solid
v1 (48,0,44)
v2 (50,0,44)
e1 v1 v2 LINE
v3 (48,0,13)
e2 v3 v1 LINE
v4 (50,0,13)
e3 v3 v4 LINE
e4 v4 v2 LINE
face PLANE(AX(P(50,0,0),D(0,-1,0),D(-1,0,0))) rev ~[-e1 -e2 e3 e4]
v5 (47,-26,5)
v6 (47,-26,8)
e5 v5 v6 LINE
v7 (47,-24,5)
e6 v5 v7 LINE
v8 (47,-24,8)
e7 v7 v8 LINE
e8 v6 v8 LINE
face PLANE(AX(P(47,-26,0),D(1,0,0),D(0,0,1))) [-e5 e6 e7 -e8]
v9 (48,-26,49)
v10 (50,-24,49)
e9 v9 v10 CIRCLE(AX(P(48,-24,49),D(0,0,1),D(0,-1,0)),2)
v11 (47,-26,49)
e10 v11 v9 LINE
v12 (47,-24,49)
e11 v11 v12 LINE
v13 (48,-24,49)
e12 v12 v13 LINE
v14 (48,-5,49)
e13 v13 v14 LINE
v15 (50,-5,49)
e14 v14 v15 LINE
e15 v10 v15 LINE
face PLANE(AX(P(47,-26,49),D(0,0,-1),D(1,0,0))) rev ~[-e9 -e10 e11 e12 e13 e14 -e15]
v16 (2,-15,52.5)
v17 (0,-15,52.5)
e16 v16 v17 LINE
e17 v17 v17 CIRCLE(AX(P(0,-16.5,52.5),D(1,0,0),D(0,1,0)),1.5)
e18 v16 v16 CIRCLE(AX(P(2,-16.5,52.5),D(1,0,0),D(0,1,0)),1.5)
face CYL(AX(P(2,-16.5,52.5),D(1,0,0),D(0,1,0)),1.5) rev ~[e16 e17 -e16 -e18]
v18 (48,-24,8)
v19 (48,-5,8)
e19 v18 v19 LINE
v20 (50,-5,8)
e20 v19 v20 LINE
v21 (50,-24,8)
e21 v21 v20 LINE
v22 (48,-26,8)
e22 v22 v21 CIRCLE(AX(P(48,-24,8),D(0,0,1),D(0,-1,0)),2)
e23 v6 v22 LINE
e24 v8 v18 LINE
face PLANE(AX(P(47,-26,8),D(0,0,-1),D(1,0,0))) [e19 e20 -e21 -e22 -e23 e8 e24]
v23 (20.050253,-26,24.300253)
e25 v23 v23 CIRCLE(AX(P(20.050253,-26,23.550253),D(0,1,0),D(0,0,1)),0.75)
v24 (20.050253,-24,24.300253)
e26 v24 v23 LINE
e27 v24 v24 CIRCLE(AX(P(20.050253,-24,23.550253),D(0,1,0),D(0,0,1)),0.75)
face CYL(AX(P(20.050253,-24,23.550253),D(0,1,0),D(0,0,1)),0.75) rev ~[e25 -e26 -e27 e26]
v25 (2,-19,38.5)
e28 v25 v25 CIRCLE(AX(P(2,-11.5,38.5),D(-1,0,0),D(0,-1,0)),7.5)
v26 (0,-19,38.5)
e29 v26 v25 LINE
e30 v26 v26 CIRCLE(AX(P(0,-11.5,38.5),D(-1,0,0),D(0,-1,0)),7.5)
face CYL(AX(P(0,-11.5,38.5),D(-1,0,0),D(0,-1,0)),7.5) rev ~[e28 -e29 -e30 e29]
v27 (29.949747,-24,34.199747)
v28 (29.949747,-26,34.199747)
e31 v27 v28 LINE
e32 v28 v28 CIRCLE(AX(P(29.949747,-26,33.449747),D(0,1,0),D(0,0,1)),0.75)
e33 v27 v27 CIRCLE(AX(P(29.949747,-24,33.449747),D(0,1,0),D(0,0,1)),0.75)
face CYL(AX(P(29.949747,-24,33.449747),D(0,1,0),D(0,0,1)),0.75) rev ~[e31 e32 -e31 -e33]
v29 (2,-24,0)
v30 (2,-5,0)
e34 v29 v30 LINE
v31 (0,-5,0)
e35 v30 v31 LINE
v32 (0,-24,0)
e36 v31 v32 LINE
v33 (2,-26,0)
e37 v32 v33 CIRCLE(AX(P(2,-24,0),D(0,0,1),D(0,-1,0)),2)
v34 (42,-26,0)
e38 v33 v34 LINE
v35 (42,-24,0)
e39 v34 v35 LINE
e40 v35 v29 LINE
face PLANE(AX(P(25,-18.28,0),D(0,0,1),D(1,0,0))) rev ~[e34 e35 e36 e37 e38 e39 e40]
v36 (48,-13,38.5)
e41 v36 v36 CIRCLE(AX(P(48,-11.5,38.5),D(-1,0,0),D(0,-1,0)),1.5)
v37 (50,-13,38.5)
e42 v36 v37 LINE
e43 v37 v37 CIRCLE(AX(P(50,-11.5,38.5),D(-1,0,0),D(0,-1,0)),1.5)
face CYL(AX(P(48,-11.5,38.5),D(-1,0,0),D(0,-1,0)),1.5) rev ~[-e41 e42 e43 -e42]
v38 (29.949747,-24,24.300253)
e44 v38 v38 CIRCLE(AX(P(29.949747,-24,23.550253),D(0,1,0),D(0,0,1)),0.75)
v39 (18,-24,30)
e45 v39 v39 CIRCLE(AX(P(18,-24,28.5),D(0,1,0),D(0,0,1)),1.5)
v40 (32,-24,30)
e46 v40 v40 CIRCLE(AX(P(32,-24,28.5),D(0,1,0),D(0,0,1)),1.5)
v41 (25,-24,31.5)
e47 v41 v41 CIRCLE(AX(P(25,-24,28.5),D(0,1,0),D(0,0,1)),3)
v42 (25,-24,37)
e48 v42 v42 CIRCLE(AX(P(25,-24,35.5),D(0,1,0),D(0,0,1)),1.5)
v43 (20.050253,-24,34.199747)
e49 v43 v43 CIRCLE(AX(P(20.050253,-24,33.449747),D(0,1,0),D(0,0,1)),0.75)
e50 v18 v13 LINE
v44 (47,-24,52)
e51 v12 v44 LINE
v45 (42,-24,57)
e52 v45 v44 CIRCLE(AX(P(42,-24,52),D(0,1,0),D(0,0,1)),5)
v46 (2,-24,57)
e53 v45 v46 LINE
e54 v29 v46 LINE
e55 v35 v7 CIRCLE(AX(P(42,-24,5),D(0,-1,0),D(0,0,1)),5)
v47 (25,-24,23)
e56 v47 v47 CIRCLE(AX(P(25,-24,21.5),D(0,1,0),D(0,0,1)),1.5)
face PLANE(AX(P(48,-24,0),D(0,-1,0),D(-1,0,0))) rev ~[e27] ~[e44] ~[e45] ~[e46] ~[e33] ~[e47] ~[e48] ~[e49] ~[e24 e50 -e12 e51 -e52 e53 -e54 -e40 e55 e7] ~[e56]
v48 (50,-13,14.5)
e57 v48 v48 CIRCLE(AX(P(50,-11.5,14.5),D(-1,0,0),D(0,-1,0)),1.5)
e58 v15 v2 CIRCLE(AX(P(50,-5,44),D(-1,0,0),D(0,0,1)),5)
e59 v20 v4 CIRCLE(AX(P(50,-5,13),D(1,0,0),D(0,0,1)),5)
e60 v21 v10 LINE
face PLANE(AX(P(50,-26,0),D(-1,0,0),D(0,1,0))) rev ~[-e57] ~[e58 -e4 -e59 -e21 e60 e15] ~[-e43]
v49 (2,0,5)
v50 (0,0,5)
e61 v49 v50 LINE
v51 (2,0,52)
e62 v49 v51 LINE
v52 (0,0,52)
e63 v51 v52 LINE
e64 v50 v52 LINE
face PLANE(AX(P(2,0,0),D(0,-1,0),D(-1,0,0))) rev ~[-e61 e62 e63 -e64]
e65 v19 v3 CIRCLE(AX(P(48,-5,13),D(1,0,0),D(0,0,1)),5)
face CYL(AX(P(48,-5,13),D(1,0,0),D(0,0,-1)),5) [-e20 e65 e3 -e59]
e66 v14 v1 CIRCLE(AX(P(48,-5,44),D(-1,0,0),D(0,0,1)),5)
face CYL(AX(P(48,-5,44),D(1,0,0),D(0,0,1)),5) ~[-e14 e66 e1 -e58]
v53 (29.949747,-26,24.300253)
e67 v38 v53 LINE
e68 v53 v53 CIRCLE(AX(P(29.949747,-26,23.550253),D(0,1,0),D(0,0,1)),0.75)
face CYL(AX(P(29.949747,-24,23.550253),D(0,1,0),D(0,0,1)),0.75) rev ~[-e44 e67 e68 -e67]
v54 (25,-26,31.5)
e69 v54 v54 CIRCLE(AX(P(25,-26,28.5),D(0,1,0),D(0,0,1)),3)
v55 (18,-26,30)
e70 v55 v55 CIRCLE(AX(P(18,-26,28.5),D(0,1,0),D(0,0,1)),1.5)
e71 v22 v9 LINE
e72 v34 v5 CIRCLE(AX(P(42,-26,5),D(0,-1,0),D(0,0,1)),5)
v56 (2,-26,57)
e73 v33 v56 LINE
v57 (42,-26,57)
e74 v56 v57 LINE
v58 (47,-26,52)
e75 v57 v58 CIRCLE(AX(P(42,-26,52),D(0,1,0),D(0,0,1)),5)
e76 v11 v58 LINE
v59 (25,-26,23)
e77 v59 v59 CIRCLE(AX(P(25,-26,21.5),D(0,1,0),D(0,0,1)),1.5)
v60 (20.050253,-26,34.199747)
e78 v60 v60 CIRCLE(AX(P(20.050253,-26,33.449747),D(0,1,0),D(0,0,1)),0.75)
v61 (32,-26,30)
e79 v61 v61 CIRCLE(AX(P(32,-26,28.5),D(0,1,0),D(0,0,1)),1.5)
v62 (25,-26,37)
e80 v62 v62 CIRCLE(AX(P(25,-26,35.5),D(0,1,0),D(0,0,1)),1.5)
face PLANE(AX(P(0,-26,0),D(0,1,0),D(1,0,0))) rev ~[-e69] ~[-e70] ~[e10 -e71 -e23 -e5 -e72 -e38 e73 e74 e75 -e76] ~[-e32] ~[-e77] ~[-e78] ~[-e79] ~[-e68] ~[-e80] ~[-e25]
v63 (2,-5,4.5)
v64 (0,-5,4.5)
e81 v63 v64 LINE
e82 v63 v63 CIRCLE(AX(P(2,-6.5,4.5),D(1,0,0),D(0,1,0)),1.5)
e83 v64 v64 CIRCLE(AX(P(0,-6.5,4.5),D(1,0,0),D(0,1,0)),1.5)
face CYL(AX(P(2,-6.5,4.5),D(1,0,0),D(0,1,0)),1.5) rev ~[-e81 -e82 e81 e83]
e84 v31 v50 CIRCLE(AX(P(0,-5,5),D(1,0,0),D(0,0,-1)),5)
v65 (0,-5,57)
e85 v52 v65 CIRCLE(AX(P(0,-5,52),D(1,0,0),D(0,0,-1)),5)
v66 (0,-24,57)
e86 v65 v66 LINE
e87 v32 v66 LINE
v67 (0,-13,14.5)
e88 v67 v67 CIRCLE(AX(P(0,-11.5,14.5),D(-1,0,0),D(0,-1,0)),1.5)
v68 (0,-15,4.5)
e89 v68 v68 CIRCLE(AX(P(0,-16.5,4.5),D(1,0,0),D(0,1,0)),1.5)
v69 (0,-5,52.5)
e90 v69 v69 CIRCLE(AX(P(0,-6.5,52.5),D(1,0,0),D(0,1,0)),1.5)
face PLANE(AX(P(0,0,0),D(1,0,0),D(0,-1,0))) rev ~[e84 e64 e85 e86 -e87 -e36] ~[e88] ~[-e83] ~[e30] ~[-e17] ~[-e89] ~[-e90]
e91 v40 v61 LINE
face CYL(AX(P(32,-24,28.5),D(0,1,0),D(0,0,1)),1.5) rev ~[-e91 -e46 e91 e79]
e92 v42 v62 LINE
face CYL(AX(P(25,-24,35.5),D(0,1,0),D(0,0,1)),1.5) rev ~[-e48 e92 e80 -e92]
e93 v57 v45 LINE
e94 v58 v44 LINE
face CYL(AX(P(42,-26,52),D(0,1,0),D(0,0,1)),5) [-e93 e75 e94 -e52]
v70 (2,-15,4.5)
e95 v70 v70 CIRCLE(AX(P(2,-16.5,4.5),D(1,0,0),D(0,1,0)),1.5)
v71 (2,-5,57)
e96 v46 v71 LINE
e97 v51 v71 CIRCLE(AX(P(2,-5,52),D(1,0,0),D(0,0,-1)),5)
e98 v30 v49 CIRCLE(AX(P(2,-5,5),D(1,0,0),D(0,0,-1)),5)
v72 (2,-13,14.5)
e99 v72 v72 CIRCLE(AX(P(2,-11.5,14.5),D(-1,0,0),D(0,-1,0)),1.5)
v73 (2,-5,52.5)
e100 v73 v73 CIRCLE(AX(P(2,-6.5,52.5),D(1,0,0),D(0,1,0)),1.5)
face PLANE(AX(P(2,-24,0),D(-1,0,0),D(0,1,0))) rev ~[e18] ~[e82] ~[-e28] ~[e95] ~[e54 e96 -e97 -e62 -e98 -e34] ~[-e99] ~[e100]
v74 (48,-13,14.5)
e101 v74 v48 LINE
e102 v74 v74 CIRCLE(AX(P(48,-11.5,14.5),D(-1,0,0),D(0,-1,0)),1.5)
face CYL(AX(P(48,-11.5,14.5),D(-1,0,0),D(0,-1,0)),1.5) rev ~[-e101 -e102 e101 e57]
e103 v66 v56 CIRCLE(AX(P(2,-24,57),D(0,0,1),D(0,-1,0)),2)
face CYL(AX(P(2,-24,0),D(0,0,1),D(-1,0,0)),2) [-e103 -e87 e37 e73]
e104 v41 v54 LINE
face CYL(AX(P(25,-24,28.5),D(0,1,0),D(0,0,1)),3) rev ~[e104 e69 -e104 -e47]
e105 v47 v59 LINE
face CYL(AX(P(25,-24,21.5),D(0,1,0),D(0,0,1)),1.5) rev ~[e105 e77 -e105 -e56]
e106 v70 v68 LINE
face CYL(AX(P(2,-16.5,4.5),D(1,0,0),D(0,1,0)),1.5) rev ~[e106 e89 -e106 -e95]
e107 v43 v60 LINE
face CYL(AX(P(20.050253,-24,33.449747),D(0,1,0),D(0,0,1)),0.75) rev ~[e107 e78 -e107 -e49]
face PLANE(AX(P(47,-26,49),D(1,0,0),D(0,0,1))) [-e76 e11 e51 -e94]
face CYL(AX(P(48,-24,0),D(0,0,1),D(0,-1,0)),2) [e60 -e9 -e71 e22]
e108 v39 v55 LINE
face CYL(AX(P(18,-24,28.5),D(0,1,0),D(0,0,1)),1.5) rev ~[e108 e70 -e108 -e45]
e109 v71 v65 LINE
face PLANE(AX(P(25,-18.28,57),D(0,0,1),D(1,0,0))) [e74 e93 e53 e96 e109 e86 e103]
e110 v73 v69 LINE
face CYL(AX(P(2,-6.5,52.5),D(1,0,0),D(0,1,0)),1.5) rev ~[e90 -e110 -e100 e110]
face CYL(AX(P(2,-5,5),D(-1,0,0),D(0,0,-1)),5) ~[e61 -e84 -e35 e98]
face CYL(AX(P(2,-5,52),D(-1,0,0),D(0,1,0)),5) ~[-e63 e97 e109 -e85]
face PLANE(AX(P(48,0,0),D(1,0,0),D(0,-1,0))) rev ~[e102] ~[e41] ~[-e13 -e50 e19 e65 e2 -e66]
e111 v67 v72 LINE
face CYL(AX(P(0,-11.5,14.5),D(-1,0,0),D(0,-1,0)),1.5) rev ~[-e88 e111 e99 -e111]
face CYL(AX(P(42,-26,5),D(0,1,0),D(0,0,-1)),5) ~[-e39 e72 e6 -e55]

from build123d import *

# Parameters (mm, degrees)
EXTRUDE_1_DEPTH     = 57
SKETCH_2_R          = 7.5
SKETCH_2_R_2        = 1.5
CUT_EXTRUDE_1_DEPTH = 27
SKETCH_3_R          = 1.5
CUT_EXTRUDE_2_DEPTH = 10
SKETCH_4_R          = 1.5
SKETCH_4_R_2        = 3
SKETCH_4_R_3        = 0.75
CUT_EXTRUDE_3_DEPTH = 10
SKETCH_5_R          = 1.5
CUT_EXTRUDE_4_DEPTH = 3
FILLET_2_R          = 2
SKETCH_6_W          = 3
SKETCH_6_H          = 8
CUT_EXTRUDE_5_DEPTH = 44
FILLET_3_R          = 5


with BuildPart() as part:
    # 草图1 → 凸台-拉伸1 (new body)
    with BuildSketch(Plane.XY):
        Polygon((0, 0), (0, -26), (50, -26), (50, 0), (48, 0), (48, -24), (2, -24), (2, 0), align=None)
    extrude(amount=EXTRUDE_1_DEPTH)

    # 草图2 → 切除-拉伸1 (cut)
    with BuildSketch(Plane.ZY):
        with Locations(Location((38.5, -11.5, 0), (0, 0, 270))):
            Circle(SKETCH_2_R)
        with Locations(Location((14.5, -11.5, 0), (0, 0, 270))):
            Circle(SKETCH_2_R_2)
    extrude(amount=-CUT_EXTRUDE_1_DEPTH, mode=Mode.SUBTRACT)

    # 草图3 → 切除-拉伸2 (cut)
    with BuildSketch(Plane(origin=(2, 0, 0), x_dir=(0, 0, -1), z_dir=(1, 0, 0))):
        with Locations(Location((-4.5, -6.5, 0), (0, 0, 90))):
            Circle(SKETCH_3_R)
        with Locations(Location((-4.5, -16.5, 0), (0, 0, 90))):
            Circle(SKETCH_3_R)
        with Locations(Location((-52.5, -16.5, 0), (0, 0, 90))):
            Circle(SKETCH_3_R)
        with Locations(Location((-52.5, -6.5, 0), (0, 0, 90))):
            Circle(SKETCH_3_R)
    extrude(amount=-CUT_EXTRUDE_2_DEPTH, mode=Mode.SUBTRACT)

    # 草图4 → 切除-拉伸3 (cut)
    with BuildSketch(Plane(origin=(0, -24, 0), x_dir=(1, 0, 0), z_dir=(0, 1, 0))):
        with Locations(Location((18, -28.5, 0), (0, 0, 270))):
            Circle(SKETCH_4_R)
        with Locations(Location((25, -21.5, 0), (0, 0, 270))):
            Circle(SKETCH_4_R)
        with Locations(Location((32, -28.5, 0), (0, 0, 270))):
            Circle(SKETCH_4_R)
        with Locations(Location((25, -35.5, 0), (0, 0, 270))):
            Circle(SKETCH_4_R)
        with Locations(Location((25, -28.5, 0), (0, 0, 270))):
            Circle(SKETCH_4_R_2)
        with Locations(Location((20.050252532, -23.550252532, 0), (0, 0, 270))):
            Circle(SKETCH_4_R_3)
        with Locations(Location((29.949747468, -23.550252532, 0), (0, 0, 270))):
            Circle(SKETCH_4_R_3)
        with Locations(Location((29.949747468, -33.449747468, 0), (0, 0, 270))):
            Circle(SKETCH_4_R_3)
        with Locations(Location((20.050252532, -33.449747468, 0), (0, 0, 270))):
            Circle(SKETCH_4_R_3)
    extrude(amount=-CUT_EXTRUDE_3_DEPTH, mode=Mode.SUBTRACT)

    # 草图5 → 切除-拉伸4 (cut)
    with BuildSketch(Plane.ZY.offset(-48)):
        with Locations(Location((14.5, -11.5, 0), (0, 0, 270))):
            Circle(SKETCH_5_R)
        with Locations(Location((38.5, -11.5, 0), (0, 0, 270))):
            Circle(SKETCH_5_R)
    extrude(amount=-CUT_EXTRUDE_4_DEPTH, mode=Mode.SUBTRACT)

    # 圆角2
    fillet_2_edges = [part.edges().sort_by_distance(p)[0] for p in [
        (50, -26, 28.5),
        (0, -26, 28.5),
    ]]
    fillet(fillet_2_edges, radius=FILLET_2_R)

    # 草图6 → 切除-拉伸5 (cut)
    with BuildSketch(Plane.XZ.offset(26)):
        with Locations((48.5, 53)):
            Rectangle(SKETCH_6_W, SKETCH_6_H)
        with Locations((48.5, 4)):
            Rectangle(SKETCH_6_W, SKETCH_6_H)
    extrude(amount=-CUT_EXTRUDE_5_DEPTH, mode=Mode.SUBTRACT)

    # 圆角3
    fillet_3_edges = [part.edges().sort_by_distance(p)[0] for p in [
        (1, 0, 0),
        (47, -25, 57),
        (49, 0, 49),
        (47, -25, 0),
        (49, 0, 8),
        (1, 0, 57),
    ]]
    fillet(fillet_3_edges, radius=FILLET_3_R)


solid = part.part
